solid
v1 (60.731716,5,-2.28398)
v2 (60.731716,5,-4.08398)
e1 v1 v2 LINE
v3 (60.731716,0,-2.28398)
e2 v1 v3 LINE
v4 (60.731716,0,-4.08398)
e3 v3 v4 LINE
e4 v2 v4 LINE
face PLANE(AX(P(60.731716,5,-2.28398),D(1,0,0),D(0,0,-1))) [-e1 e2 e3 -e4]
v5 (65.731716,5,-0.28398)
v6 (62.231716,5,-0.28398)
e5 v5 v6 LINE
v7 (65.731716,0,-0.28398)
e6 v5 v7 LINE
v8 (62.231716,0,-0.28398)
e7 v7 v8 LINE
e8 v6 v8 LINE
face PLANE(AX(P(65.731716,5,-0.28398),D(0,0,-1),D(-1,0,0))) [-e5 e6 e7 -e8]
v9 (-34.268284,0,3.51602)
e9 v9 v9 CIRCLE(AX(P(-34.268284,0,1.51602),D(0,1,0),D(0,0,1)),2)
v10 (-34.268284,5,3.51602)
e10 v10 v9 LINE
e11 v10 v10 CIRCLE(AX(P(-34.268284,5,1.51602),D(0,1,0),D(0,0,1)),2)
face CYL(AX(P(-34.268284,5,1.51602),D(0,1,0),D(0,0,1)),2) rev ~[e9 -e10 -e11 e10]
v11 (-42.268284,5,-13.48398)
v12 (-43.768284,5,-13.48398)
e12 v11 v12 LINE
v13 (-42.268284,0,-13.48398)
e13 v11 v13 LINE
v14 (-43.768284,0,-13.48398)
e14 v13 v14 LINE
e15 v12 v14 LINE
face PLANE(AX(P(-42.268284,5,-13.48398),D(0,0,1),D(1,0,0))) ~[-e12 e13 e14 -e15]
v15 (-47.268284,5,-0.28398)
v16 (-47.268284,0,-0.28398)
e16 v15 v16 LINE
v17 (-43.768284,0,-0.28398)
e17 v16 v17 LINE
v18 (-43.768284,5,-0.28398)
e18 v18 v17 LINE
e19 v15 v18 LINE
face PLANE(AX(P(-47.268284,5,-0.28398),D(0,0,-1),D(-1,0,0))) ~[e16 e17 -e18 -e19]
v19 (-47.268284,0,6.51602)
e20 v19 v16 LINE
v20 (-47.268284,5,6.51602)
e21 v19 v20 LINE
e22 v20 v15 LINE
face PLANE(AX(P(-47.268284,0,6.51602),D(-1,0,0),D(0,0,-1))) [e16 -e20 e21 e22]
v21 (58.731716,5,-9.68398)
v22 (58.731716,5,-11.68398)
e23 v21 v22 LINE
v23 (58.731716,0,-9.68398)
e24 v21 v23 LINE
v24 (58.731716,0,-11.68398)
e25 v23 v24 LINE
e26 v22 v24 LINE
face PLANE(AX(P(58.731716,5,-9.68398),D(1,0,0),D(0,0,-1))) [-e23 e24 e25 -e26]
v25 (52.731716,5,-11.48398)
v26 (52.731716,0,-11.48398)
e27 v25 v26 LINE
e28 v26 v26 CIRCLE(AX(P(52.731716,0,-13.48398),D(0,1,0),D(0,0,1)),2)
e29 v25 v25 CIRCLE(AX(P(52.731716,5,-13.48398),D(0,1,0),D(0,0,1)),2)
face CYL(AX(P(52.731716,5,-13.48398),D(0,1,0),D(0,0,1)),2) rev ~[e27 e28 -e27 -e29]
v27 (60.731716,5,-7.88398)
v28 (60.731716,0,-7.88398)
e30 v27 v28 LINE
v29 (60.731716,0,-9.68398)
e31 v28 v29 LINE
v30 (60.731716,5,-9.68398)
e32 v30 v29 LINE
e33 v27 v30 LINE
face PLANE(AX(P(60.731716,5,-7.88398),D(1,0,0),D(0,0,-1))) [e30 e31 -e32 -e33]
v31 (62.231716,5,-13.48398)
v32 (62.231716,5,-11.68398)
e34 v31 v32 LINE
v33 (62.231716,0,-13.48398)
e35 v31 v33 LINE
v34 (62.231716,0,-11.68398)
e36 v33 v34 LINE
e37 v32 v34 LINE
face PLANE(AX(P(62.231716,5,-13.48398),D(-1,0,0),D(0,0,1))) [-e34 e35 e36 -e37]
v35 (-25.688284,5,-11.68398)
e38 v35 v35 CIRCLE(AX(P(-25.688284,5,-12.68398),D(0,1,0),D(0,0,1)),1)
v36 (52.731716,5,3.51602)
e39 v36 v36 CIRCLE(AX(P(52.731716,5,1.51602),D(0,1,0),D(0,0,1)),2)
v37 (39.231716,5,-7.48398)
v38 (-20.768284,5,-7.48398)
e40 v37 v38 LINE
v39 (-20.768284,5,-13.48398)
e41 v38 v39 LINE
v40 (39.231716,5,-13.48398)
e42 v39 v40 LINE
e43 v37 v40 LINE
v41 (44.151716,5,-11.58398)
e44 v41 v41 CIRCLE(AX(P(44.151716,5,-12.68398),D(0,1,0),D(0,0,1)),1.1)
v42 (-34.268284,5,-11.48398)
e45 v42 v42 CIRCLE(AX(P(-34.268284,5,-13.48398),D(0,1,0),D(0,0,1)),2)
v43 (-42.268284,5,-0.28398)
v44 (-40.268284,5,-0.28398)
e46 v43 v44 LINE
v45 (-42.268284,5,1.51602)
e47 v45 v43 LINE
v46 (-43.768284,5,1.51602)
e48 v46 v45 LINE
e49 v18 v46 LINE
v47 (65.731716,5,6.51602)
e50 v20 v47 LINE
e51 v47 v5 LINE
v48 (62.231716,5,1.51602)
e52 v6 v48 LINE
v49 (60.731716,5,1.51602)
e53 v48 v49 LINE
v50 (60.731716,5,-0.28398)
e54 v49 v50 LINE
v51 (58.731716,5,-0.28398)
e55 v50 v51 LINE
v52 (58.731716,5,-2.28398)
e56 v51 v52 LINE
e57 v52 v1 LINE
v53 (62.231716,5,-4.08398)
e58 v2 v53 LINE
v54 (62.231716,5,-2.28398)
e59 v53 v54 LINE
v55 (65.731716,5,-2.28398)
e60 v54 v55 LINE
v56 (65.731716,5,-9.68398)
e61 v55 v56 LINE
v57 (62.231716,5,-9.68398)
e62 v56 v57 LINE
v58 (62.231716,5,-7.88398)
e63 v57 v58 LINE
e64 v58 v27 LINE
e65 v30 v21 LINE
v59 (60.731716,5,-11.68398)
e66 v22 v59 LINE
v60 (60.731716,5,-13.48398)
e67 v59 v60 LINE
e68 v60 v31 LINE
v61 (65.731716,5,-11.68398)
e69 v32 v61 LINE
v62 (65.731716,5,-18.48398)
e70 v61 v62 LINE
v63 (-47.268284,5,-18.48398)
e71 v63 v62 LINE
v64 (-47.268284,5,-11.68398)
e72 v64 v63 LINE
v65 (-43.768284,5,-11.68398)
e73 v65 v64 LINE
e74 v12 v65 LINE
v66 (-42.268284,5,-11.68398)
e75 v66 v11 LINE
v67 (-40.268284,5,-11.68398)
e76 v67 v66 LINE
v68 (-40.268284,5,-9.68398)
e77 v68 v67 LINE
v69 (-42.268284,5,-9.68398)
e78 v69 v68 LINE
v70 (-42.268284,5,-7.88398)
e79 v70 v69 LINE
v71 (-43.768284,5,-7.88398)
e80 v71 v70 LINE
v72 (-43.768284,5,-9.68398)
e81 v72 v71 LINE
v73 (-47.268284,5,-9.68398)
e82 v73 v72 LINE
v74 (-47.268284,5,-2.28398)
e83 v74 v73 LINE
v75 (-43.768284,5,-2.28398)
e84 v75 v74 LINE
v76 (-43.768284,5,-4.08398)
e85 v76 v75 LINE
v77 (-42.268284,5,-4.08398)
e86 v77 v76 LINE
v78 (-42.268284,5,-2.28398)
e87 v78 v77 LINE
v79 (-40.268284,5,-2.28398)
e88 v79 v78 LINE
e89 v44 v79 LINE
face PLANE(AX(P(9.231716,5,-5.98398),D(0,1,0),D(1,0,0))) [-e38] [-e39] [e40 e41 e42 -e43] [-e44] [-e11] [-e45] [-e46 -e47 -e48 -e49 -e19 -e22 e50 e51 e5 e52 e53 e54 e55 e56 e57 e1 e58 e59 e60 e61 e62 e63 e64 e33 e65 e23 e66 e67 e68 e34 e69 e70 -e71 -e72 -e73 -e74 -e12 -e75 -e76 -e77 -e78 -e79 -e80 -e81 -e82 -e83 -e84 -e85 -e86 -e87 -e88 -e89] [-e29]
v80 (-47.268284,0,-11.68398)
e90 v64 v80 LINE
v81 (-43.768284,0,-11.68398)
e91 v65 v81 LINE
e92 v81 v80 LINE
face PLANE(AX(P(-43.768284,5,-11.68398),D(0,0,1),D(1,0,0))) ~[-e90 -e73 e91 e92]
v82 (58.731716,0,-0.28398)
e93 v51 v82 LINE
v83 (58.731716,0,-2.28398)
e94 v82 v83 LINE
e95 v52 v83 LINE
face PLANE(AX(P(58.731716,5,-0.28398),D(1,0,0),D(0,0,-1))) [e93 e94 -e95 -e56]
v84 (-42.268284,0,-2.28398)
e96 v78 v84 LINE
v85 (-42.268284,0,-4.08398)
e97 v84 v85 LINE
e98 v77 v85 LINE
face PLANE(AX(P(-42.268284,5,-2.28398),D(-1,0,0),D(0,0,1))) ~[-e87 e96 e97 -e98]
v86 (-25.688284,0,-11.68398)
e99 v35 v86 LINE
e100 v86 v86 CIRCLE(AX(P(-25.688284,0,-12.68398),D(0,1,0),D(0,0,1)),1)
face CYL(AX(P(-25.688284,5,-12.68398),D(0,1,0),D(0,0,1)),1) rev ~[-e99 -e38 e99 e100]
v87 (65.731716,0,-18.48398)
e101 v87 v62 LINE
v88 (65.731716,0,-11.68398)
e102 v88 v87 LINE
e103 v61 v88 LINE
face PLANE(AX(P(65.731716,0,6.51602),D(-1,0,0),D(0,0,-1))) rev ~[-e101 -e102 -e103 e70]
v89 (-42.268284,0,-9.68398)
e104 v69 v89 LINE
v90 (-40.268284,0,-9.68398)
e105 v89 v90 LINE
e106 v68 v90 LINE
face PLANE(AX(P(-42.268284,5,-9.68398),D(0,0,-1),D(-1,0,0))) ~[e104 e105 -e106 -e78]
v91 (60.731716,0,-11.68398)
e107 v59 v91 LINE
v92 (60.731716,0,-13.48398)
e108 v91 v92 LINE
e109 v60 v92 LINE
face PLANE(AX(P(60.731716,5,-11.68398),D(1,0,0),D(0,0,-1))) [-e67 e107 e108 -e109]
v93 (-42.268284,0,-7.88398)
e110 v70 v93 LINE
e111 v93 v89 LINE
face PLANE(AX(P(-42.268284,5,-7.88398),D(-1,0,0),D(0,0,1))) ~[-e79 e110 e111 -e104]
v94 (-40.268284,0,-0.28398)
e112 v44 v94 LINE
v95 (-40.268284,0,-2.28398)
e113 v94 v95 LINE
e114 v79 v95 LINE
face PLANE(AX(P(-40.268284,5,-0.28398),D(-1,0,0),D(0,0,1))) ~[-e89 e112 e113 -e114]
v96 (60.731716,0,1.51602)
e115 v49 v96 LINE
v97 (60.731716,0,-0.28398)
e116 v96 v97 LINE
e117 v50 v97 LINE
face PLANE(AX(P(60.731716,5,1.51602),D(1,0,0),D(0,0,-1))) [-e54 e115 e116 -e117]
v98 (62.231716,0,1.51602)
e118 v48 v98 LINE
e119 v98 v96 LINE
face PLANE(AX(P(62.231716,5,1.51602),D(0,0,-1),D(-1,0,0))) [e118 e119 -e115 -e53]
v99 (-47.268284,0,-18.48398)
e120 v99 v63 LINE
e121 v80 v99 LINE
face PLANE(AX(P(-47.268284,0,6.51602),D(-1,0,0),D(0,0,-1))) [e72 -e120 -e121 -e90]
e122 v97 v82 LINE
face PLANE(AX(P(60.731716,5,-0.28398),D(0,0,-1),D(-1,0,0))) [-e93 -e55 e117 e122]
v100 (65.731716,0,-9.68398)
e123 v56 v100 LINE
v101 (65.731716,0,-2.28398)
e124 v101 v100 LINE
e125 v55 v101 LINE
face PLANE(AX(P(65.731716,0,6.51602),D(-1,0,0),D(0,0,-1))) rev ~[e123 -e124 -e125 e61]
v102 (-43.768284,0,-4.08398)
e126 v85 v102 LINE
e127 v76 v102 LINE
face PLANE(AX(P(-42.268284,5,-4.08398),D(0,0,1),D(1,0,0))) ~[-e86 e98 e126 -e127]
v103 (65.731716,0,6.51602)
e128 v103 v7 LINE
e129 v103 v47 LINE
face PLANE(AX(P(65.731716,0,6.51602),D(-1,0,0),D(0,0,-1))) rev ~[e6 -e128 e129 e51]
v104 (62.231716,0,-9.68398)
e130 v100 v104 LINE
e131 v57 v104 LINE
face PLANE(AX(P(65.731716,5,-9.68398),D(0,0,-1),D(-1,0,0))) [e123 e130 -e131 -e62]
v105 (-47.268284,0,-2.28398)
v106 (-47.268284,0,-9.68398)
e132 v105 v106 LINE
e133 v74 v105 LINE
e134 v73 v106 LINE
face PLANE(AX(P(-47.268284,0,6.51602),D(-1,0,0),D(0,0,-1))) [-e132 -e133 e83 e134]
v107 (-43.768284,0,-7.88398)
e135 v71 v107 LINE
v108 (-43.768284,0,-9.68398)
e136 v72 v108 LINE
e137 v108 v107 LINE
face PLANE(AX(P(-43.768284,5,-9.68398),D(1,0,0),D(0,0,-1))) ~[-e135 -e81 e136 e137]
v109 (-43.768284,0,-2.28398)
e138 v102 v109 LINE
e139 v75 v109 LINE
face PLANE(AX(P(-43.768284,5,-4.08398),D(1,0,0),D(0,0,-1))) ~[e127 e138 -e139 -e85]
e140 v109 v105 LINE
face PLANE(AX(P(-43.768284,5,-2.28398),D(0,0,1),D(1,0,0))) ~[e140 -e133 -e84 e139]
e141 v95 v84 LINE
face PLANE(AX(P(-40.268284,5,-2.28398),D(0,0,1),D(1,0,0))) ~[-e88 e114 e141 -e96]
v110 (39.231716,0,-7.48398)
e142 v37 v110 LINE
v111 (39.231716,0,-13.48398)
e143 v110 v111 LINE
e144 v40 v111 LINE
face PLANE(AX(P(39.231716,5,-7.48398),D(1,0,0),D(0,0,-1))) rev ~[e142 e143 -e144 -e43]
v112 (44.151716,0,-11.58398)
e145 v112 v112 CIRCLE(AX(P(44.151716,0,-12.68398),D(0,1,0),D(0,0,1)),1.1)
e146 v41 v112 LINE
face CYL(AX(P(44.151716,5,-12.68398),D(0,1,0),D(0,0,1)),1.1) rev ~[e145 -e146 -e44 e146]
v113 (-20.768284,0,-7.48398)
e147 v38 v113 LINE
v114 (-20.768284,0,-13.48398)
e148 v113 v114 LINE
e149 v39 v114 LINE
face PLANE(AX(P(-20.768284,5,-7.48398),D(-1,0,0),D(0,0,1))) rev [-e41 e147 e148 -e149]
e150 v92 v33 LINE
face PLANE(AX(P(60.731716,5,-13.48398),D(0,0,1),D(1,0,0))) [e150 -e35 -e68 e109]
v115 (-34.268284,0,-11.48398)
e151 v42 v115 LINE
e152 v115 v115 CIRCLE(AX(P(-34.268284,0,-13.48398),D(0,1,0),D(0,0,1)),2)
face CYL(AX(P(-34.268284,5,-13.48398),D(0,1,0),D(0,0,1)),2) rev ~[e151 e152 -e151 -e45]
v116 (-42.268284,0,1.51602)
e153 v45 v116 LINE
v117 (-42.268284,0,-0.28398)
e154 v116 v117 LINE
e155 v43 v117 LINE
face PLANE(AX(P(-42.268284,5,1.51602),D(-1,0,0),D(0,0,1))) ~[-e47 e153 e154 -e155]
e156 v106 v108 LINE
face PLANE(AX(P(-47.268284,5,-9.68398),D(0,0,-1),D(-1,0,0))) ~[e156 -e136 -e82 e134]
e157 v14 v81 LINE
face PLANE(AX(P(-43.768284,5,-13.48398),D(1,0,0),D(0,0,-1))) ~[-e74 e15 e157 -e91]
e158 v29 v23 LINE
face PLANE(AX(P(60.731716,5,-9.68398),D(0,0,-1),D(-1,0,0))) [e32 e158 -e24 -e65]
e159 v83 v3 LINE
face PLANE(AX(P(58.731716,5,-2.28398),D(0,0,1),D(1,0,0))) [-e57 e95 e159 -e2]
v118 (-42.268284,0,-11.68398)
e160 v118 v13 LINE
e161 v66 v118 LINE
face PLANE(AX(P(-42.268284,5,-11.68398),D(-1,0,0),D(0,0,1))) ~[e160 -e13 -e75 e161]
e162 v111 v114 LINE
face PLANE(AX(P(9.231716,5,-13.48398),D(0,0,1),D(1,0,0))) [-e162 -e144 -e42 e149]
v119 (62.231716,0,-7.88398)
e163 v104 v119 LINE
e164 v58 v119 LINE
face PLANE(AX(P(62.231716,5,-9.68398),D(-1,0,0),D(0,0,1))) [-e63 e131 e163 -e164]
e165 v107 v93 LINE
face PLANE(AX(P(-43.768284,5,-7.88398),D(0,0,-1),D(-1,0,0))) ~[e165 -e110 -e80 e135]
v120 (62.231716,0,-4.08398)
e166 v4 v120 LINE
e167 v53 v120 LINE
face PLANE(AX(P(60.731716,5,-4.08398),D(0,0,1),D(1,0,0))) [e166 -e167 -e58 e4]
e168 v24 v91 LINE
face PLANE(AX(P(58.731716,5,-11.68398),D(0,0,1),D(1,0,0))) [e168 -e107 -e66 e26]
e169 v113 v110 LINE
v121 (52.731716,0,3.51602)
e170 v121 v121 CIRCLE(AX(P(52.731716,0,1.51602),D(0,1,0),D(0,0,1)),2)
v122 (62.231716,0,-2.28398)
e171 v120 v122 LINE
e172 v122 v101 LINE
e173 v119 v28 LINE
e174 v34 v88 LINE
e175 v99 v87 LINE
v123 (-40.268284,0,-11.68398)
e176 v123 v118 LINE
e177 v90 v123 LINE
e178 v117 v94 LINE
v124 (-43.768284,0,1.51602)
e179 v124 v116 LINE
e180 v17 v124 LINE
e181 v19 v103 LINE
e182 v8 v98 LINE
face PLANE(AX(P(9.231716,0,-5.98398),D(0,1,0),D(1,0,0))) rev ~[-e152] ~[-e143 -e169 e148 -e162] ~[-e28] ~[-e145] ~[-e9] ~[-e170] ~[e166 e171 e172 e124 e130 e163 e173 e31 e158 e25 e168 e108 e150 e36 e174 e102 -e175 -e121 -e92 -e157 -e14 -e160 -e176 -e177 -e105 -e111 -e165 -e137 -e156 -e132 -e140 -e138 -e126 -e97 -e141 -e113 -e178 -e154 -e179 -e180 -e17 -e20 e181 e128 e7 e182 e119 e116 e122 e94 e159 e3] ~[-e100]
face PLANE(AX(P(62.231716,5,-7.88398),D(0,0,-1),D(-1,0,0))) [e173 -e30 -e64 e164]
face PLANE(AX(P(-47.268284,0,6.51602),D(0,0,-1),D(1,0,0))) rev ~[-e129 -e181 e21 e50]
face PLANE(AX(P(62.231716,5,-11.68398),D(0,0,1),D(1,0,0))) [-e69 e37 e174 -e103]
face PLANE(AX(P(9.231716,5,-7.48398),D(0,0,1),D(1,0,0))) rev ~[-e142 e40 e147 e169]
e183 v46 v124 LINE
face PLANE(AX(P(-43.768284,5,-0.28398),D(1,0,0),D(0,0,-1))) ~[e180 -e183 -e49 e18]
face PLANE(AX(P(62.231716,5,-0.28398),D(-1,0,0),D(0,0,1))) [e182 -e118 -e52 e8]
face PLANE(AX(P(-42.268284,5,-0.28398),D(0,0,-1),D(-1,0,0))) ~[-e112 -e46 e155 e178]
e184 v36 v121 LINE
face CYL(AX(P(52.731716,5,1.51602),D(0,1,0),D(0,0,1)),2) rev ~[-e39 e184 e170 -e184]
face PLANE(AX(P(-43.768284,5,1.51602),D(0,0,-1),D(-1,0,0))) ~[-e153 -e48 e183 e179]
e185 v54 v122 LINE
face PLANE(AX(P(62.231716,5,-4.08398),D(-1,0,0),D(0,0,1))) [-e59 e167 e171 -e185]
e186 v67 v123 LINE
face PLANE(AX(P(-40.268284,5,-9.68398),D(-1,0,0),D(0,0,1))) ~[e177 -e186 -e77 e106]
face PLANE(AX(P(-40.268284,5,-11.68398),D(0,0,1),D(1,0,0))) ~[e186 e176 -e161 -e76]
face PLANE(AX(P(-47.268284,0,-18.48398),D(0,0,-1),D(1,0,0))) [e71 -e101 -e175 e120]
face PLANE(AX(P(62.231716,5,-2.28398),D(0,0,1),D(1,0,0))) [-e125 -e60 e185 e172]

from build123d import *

# Parameters (mm, degrees)
ESBO_O1_W                = 113
ESBO_O1_H                = 25
RESSALTO_EXTRUS_O1_DEPTH = 5
CORTE_EXTRUS_O1_DEPTH    = 5
ESBO_O4_R                = 1
ESBO_O4_R_2              = 1.1
CORTE_EXTRUS_O2_DEPTH    = 76
ESBO_O5_R                = 2
CORTE_EXTRUS_O3_DEPTH    = 10
ESBO_O6_W                = 30
ESBO_O6_H                = 6
CORTE_EXTRUS_O4_DEPTH    = 10


with BuildPart() as part:
    # Esboço1 → Ressalto-extrusão1 (new body)
    with BuildSketch(Plane(origin=(0, 0, 0), x_dir=(1, 0, 0), z_dir=(0, 1, 0))):
        with Locations((9.231716451, 5.983979594)):
            Rectangle(ESBO_O1_W, ESBO_O1_H)
    extrude(amount=RESSALTO_EXTRUS_O1_DEPTH)

    # Esboço2 → Corte-extrusão1 (cut)
    with BuildSketch(Plane(origin=(0, 5, 0), x_dir=(1, 0, 0), z_dir=(0, 1, 0))):
        Polygon((65.731716451, 0.283979594), (62.231716451, 0.283979594), (62.231716451, -1.516020406), (60.731716451, -1.516020406), (60.731716451, 0.283979594), (58.731716451, 0.283979594), (58.731716451, 2.283979594), (60.731716451, 2.283979594), (60.731716451, 4.083979594), (62.231716451, 4.083979594), (62.231716451, 2.283979594), (65.731716451, 2.283979594), align=None)
        Polygon((65.731716451, 9.683979594), (62.231716451, 9.683979594), (62.231716451, 7.883979594), (60.731716451, 7.883979594), (60.731716451, 9.683979594), (58.731716451, 9.683979594), (58.731716451, 11.683979594), (60.731716451, 11.683979594), (60.731716451, 13.483979594), (62.231716451, 13.483979594), (62.231716451, 11.683979594), (65.731716451, 11.683979594), align=None)
    corte_extrus_o1 = extrude(amount=-CORTE_EXTRUS_O1_DEPTH, mode=Mode.SUBTRACT)

    # Esboço4 → Corte-extrusão2 (cut)
    with BuildSketch(Plane(origin=(0, 5, 0), x_dir=(1, 0, 0), z_dir=(0, 1, 0))):
        with Locations(Location((-25.688283549, 12.683979594, 0), (0, 0, 270))):
            Circle(ESBO_O4_R)
        with Locations(Location((44.151716451, 12.683979594, 0), (0, 0, 270))):
            Circle(ESBO_O4_R_2)
    extrude(amount=-CORTE_EXTRUS_O2_DEPTH, mode=Mode.SUBTRACT)

    # Esboço5 → Corte-extrusão3 (cut)
    with BuildSketch(Plane(origin=(0, 5, 0), x_dir=(1, 0, 0), z_dir=(0, 1, 0))):
        with Locations(Location((-34.268283549, 13.483979594, 0), (0, 0, 270))):
            Circle(ESBO_O5_R)
        with Locations(Location((-34.268283549, -1.516020406, 0), (0, 0, 270))):
            Circle(ESBO_O5_R)
        with Locations(Location((52.731716451, 13.483979594, 0), (0, 0, 270))):
            Circle(ESBO_O5_R)
        with Locations(Location((52.731716451, -1.516020406, 0), (0, 0, 270))):
            Circle(ESBO_O5_R)
    extrude(amount=-CORTE_EXTRUS_O3_DEPTH, mode=Mode.SUBTRACT)

    # Esboço6 → Corte-extrusão4 (cut)
    with BuildSketch(Plane(origin=(0, 5, 0), x_dir=(1, 0, 0), z_dir=(0, 1, 0))):
        with Locations((24.231716451, 10.483979594)):
            Rectangle(ESBO_O6_W, ESBO_O6_H)
    corte_extrus_o4 = extrude(amount=-CORTE_EXTRUS_O4_DEPTH, mode=Mode.SUBTRACT)

    # Espelhar1: Corte-extrusão1, Corte-extrusão4 across plane
    add(corte_extrus_o1.mirror(Plane(origin=(9.231716451, 0, 0), x_dir=(0, 0, 1), z_dir=(1, 0, 0))), mode=Mode.SUBTRACT)
    add(corte_extrus_o4.mirror(Plane(origin=(9.231716451, 0, 0), x_dir=(0, 0, 1), z_dir=(1, 0, 0))), mode=Mode.SUBTRACT)


solid = part.part
